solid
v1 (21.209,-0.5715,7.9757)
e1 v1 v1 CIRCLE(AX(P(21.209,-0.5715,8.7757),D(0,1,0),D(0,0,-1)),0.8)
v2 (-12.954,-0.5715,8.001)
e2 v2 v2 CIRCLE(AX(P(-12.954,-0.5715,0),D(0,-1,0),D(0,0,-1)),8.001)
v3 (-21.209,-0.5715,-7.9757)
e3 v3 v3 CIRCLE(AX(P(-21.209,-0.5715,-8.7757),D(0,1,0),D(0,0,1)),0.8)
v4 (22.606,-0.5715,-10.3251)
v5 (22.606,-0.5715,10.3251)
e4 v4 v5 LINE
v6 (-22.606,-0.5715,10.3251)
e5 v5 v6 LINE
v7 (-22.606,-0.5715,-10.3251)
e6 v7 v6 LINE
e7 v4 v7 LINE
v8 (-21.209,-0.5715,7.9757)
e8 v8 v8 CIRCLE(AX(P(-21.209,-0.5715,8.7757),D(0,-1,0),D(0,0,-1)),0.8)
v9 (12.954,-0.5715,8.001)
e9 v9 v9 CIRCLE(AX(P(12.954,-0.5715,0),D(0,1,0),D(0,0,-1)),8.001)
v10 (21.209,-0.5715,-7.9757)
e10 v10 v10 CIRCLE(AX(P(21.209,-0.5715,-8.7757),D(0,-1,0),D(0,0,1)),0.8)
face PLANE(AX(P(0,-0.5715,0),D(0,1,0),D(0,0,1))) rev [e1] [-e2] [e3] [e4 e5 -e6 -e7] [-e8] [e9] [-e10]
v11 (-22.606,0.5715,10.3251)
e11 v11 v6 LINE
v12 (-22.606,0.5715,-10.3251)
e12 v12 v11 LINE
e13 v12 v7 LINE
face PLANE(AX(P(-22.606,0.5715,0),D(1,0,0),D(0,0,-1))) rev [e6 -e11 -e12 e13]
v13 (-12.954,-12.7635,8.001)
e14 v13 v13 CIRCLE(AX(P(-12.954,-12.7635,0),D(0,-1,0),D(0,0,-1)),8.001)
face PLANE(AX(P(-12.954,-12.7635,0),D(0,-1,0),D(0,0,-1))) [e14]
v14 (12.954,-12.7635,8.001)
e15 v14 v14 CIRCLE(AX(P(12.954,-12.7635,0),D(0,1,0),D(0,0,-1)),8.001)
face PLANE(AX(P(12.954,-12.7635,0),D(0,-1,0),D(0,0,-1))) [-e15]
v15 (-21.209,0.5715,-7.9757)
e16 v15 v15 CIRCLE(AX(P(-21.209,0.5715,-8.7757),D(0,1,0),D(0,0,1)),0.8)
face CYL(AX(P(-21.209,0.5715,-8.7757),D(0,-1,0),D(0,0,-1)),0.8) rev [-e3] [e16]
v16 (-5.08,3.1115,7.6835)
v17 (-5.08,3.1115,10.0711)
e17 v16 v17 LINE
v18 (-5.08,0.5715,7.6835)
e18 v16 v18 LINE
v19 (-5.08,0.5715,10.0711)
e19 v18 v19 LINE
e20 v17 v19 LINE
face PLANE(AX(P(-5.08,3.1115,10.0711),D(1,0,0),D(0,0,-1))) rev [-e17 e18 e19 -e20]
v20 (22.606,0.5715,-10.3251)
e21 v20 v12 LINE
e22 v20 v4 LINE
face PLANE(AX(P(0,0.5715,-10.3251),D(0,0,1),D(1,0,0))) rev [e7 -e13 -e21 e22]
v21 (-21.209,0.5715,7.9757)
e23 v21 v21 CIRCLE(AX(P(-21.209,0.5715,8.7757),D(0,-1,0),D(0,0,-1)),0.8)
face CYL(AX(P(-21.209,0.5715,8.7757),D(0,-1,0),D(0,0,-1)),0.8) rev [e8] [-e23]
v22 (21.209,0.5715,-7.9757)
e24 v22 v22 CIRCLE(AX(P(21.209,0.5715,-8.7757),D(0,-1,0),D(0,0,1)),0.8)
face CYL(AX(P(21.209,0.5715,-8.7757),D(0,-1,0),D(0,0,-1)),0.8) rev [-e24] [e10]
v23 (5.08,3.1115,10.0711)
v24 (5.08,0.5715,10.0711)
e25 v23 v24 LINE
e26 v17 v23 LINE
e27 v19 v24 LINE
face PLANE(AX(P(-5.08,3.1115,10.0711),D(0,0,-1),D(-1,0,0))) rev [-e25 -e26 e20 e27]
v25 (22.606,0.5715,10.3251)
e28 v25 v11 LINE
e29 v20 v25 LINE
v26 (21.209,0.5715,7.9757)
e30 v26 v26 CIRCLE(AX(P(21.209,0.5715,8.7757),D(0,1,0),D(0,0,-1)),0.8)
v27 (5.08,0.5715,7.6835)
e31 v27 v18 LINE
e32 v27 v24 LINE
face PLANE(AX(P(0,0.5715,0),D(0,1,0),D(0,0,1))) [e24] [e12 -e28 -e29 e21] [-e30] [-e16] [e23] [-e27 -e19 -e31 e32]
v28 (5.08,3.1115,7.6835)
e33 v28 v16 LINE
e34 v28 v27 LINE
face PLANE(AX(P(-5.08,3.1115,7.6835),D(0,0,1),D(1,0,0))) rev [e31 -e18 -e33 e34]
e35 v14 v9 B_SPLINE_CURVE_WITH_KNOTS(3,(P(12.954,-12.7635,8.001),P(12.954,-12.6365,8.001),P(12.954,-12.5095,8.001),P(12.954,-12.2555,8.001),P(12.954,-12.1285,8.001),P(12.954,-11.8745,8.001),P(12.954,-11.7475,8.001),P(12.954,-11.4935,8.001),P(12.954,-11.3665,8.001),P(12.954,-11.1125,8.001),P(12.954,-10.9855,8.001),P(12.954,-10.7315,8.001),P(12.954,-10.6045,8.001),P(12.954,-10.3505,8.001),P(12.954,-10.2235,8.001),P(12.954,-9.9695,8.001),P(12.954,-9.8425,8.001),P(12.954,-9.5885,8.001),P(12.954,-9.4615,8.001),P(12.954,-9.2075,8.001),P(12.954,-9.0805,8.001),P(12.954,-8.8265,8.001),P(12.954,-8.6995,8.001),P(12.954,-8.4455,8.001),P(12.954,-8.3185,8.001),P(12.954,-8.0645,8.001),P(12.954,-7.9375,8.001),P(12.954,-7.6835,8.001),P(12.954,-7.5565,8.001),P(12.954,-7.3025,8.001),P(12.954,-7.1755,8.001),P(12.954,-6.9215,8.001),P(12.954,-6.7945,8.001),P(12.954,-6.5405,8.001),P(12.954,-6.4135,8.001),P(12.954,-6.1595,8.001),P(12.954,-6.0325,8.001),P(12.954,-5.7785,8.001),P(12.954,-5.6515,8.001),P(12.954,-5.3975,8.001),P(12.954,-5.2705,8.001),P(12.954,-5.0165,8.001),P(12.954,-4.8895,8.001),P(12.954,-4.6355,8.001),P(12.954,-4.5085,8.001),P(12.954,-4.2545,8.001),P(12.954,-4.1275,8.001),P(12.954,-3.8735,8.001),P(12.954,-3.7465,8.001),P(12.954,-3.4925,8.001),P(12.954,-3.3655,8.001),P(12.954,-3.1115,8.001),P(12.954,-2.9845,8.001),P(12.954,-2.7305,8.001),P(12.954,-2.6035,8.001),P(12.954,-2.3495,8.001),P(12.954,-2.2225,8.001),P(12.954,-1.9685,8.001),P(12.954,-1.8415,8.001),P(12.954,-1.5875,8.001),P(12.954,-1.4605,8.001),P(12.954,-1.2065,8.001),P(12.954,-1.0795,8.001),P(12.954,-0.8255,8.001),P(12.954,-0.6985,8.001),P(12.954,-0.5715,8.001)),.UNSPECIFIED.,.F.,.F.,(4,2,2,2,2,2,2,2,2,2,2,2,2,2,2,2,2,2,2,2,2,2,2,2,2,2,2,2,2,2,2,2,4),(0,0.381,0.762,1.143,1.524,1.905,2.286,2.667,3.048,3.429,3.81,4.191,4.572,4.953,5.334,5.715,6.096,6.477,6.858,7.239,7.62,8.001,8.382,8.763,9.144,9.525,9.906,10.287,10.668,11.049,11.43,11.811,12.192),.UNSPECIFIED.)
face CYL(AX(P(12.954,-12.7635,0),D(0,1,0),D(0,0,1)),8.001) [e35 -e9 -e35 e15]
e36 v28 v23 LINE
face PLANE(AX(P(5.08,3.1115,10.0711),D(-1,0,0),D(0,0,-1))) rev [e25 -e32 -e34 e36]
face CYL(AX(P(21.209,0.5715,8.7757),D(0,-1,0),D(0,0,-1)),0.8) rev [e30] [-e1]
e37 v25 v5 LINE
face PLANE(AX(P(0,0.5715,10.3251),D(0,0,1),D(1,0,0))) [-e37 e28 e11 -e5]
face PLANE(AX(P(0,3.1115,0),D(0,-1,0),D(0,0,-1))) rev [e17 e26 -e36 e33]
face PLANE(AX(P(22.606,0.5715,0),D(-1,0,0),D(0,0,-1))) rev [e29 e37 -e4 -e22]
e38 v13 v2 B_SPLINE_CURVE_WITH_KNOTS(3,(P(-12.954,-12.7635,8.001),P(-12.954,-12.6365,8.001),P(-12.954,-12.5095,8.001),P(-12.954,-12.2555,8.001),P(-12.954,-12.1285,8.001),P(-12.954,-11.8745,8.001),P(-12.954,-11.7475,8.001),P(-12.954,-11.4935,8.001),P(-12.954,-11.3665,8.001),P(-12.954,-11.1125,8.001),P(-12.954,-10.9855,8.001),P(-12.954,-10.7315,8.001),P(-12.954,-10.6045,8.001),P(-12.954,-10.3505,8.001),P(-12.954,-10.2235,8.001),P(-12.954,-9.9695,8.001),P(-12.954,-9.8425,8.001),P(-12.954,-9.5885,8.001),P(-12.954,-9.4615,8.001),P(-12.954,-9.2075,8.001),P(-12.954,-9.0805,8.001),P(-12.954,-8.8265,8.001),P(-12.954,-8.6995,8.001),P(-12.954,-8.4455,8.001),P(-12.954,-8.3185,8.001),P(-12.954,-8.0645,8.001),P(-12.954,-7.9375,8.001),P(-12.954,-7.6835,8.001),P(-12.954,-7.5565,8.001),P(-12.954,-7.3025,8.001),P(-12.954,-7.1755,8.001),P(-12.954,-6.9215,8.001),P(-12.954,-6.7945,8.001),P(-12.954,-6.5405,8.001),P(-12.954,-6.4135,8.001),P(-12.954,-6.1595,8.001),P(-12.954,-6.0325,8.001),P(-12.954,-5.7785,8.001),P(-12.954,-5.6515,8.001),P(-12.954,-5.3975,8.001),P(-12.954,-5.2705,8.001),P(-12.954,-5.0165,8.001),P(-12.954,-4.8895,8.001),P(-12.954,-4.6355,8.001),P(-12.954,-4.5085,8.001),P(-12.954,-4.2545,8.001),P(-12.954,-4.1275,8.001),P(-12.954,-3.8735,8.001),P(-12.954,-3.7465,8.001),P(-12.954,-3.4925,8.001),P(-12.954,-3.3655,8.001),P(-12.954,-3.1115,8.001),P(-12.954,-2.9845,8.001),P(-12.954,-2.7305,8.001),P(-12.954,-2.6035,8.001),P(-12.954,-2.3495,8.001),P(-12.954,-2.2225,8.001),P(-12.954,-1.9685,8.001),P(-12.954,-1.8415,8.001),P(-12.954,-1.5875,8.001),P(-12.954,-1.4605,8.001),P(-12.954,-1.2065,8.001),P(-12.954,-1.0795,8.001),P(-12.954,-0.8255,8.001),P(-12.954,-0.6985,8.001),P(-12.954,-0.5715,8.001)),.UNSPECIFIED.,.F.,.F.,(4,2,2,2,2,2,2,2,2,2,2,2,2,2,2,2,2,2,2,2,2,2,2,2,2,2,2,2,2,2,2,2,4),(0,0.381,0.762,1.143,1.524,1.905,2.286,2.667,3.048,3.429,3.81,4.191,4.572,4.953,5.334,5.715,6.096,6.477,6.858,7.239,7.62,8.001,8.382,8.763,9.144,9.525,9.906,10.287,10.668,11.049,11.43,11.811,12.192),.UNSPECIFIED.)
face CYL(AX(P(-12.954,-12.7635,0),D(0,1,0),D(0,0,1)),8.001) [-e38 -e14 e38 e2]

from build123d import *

# Parameters (mm, degrees)
SKETCH1_W           = 22.606
SKETCH1_H           = 10.3251
SKETCH1_R           = 0.8
BOSS_EXTRUDE1_DEPTH = 0.5715
SKETCH3_W           = 5.08
SKETCH3_H           = 2.3876
BOSS_EXTRUDE2_DEPTH = 2.54
SKETCH4_R           = 8.001
BOSS_EXTRUDE3_DEPTH = 12.192


with BuildPart() as part:
    # Sketch1 → Boss-Extrude1 (new, symmetric)
    with BuildSketch(Plane(origin=(0, 0, 0), x_dir=(1, 0, 0), z_dir=(0, 1, 0))):
        with Locations((-11.303, 5.16255)):
            Rectangle(SKETCH1_W, SKETCH1_H)
        with Locations(Location((-21.209, 8.7757, 0), (0, 0, 270))):
            Circle(SKETCH1_R, mode=Mode.SUBTRACT)
    boss_extrude1 = extrude(amount=BOSS_EXTRUDE1_DEPTH, both=True)

    # Mirror1: Boss-Extrude1 across Front Plane
    add(boss_extrude1.mirror(Plane.XY))

    # Sketch3 → Boss-Extrude2 (add)
    with BuildSketch(Plane(origin=(0, 0.5715, 0), x_dir=(1, 0, 0), z_dir=(0, 1, 0))):
        with Locations((-2.54, -8.8773)):
            Rectangle(SKETCH3_W, SKETCH3_H)
    extrude(amount=BOSS_EXTRUDE2_DEPTH)

    # Sketch4 → Boss-Extrude3 (add)
    with BuildSketch(Plane.XZ.offset(0.5715)):
        with Locations(Location((-12.954, 0, 0), (0, 0, 90))):
            Circle(SKETCH4_R)
    extrude(amount=BOSS_EXTRUDE3_DEPTH)

    # Mirror3: part across plane


with BuildPart() as part_1:
    add(part.part)
    add(part.part.mirror(Plane(origin=(0, 0, 0), x_dir=(0, 0, 1), z_dir=(1, 0, 0))))


solid = part_1.part
